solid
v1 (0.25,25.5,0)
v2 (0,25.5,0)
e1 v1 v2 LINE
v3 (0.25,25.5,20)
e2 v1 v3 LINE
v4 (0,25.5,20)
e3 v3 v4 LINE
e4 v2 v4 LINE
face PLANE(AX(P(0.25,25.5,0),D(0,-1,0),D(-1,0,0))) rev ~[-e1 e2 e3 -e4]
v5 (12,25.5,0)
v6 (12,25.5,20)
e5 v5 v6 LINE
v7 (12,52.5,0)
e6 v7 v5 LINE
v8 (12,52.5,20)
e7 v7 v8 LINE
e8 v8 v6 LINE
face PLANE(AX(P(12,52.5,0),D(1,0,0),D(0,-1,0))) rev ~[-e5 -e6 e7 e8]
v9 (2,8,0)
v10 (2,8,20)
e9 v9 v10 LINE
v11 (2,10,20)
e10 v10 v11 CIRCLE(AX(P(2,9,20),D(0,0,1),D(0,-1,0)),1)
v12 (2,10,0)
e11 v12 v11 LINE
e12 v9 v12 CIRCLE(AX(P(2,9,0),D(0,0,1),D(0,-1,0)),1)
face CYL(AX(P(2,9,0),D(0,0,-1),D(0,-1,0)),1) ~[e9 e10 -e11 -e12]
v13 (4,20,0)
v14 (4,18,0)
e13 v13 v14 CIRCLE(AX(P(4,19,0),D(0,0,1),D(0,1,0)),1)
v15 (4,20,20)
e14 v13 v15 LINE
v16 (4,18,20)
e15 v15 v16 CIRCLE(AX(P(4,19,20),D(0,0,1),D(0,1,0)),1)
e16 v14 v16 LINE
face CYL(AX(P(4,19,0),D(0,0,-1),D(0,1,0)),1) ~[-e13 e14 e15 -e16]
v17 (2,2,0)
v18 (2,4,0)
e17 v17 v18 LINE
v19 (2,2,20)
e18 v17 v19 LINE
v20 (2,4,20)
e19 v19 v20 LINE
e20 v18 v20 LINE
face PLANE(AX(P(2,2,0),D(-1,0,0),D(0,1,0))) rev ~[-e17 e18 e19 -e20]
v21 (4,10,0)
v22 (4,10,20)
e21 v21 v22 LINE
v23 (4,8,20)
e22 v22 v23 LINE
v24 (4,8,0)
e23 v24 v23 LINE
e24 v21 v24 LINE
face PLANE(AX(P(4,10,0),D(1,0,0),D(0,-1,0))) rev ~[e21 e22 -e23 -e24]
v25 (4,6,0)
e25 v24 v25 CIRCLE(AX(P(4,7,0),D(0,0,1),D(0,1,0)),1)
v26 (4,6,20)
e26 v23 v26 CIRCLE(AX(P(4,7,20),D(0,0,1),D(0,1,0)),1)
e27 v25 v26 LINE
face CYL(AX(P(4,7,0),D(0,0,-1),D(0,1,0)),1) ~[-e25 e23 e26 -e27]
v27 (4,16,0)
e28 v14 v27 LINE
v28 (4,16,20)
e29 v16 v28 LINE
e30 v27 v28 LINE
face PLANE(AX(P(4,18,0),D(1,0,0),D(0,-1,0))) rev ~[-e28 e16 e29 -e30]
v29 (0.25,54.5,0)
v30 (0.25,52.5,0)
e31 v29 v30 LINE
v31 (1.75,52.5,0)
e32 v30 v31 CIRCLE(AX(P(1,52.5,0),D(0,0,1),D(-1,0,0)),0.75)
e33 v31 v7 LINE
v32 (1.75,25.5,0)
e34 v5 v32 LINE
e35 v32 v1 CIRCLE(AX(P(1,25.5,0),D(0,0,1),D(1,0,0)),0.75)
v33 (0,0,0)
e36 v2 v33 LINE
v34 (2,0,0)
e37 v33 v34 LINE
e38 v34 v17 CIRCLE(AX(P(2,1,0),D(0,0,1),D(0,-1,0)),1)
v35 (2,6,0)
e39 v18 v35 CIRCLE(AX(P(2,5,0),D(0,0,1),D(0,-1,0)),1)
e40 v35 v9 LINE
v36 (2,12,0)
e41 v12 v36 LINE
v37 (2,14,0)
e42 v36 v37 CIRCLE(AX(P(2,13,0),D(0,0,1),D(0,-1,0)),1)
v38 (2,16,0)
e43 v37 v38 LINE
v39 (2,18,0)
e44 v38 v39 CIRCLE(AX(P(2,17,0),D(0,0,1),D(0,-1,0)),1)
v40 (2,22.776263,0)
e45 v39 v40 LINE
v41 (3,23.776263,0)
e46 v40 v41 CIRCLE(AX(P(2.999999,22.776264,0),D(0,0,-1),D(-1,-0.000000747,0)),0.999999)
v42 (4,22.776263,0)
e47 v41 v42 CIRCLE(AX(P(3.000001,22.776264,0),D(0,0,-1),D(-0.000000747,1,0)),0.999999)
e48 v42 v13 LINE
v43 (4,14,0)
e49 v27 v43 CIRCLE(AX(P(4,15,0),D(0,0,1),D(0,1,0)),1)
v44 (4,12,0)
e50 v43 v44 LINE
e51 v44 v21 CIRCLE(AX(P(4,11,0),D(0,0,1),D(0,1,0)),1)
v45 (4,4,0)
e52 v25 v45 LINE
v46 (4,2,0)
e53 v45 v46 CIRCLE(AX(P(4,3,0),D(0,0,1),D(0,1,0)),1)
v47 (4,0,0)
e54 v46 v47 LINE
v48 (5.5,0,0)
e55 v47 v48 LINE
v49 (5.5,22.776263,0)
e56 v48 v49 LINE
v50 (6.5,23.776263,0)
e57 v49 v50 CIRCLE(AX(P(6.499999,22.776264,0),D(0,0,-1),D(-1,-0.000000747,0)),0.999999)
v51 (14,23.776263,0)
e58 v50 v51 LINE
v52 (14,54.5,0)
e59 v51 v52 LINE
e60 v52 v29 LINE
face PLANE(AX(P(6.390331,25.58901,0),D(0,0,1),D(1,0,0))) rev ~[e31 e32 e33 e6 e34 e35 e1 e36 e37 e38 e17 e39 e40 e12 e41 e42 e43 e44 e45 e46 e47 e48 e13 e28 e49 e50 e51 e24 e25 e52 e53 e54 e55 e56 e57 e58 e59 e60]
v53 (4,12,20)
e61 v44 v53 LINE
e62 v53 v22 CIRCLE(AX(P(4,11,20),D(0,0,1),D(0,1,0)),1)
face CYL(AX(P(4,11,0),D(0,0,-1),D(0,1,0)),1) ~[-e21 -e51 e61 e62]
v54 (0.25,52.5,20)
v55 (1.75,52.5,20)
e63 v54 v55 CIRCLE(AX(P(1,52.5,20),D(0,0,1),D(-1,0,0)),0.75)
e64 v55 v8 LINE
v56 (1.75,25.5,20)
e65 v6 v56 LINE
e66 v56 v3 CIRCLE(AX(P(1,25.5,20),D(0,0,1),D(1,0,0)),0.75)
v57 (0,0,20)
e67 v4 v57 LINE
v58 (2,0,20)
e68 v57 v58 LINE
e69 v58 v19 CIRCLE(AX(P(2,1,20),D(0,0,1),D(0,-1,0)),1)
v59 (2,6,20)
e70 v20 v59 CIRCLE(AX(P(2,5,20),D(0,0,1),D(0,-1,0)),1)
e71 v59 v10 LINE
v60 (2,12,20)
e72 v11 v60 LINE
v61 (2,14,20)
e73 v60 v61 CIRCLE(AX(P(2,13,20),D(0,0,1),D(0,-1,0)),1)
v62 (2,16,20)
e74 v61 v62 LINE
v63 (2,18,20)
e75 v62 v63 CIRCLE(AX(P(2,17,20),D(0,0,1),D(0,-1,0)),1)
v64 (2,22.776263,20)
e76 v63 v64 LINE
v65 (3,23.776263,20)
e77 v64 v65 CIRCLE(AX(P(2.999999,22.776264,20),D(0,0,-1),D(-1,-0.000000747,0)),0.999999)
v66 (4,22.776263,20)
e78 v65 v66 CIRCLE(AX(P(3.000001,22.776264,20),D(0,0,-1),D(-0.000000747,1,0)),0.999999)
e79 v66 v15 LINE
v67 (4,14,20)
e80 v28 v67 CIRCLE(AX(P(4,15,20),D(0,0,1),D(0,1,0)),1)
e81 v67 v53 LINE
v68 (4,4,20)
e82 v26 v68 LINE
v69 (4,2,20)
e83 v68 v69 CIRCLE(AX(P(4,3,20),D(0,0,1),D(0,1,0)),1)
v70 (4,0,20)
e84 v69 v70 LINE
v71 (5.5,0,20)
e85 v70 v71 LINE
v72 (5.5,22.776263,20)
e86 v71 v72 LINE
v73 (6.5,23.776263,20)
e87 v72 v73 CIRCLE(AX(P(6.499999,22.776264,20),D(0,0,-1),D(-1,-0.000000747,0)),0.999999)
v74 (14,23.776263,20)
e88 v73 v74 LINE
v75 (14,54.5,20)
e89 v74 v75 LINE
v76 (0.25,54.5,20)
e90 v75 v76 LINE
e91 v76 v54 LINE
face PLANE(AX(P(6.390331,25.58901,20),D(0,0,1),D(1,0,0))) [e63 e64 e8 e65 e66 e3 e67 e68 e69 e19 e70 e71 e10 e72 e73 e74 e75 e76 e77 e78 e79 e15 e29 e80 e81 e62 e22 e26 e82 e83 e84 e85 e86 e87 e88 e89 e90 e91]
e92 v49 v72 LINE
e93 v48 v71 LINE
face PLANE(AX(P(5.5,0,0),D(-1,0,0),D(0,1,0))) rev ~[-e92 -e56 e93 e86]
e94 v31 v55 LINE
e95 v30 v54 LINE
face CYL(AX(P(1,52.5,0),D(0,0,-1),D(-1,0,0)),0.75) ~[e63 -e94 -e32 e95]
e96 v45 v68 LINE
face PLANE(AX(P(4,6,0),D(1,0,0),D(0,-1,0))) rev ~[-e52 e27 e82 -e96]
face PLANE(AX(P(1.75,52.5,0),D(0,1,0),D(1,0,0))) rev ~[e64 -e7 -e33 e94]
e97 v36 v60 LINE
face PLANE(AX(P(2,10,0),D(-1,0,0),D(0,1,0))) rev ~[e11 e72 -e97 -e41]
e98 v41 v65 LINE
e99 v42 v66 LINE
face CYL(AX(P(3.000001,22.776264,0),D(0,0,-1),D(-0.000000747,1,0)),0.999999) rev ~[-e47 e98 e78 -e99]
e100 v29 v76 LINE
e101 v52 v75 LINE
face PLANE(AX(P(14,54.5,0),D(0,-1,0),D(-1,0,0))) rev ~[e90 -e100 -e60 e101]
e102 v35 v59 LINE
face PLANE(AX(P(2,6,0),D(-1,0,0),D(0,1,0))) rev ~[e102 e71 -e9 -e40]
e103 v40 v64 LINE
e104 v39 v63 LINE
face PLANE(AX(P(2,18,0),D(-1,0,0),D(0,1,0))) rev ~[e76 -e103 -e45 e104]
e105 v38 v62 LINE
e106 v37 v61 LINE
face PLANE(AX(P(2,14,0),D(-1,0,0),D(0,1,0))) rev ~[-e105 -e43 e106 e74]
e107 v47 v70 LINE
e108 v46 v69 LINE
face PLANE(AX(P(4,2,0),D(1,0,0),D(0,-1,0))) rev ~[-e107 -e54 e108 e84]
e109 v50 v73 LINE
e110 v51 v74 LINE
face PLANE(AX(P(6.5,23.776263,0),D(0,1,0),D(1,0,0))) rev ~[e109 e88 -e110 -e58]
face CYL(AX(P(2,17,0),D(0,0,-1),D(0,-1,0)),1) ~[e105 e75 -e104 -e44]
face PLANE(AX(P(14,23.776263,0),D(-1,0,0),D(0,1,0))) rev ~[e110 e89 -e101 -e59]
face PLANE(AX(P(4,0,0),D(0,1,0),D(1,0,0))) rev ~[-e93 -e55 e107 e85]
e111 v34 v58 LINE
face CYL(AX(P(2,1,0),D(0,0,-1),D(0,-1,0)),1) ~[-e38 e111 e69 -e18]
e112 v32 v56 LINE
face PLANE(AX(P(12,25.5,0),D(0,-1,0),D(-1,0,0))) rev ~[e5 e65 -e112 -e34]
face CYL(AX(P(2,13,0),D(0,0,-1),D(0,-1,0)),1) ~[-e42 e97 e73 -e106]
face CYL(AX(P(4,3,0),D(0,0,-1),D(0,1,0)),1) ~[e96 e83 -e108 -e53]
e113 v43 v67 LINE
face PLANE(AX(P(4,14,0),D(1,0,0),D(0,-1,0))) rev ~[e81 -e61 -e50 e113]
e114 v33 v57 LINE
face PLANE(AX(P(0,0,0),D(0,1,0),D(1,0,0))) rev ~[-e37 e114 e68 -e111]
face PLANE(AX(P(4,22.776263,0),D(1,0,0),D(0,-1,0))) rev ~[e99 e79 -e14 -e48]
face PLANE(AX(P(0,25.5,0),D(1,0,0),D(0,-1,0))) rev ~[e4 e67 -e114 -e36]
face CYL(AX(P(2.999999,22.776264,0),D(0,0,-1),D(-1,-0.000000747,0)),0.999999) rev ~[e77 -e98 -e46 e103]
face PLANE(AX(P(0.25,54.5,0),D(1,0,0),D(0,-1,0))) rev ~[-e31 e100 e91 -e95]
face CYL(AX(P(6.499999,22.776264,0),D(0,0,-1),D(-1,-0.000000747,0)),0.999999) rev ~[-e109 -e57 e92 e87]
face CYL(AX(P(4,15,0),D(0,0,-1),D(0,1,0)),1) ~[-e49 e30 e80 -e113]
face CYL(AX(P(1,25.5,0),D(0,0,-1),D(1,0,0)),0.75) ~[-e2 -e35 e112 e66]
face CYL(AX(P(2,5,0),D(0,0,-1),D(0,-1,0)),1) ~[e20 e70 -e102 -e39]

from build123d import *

# Parameters (mm, degrees)
F1_DEPTH = 20


with BuildPart() as f1:
    # F0 (on Top) → F1 (new body)
    with BuildSketch(Plane.XY):
        with BuildLine():
            Line((0, 25.5), (0, 0))
            Line((0, 0), (2, 0))
            ThreePointArc((2, 0), (3, 1), (2, 2))
            Line((2, 2), (2, 4))
            ThreePointArc((2, 4), (3, 5), (2, 6))
            Line((2, 6), (2, 8))
            ThreePointArc((2, 8), (3, 9), (2, 10))
            Line((2, 10), (2, 12))
            ThreePointArc((2, 12), (3, 13), (2, 14))
            Line((2, 14), (2, 16))
            ThreePointArc((2, 16), (3, 17), (2, 18))
            Line((2, 18), (2, 22.776263))
            ThreePointArc((2, 22.776263), (2.292893, 23.48337), (3, 23.776263))
            ThreePointArc((3, 23.776263), (3.707107, 23.48337), (4, 22.776263))
            Line((4, 22.776263), (4, 20))
            ThreePointArc((4, 20), (3, 19), (4, 18))
            Line((4, 18), (4, 16))
            ThreePointArc((4, 16), (3, 15), (4, 14))
            Line((4, 14), (4, 12))
            ThreePointArc((4, 12), (3, 11), (4, 10))
            Line((4, 10), (4, 8))
            ThreePointArc((4, 8), (3, 7), (4, 6))
            Line((4, 6), (4, 4))
            ThreePointArc((4, 4), (3, 3), (4, 2))
            Line((4, 2), (4, 0))
            Line((4, 0), (5.5, 0))
            Line((5.5, 0), (5.5, 22.776263))
            ThreePointArc((5.5, 22.776263), (5.792893, 23.48337), (6.5, 23.776263))
            Line((6.5, 23.776263), (14, 23.776263))
            Line((14, 23.776263), (14, 54.5))
            Line((14, 54.5), (0.25, 54.5))
            Line((0.25, 54.5), (0.25, 52.5))
            ThreePointArc((0.25, 52.5), (1, 51.75), (1.75, 52.5))
            Line((1.75, 52.5), (12, 52.5))
            Line((12, 52.5), (12, 25.5))
            Line((12, 25.5), (1.75, 25.5))
            ThreePointArc((1.75, 25.5), (1, 26.25), (0.25, 25.5))
            Line((0.25, 25.5), (0, 25.5))
        make_face()
    extrude(amount=F1_DEPTH)


solid = f1.part
